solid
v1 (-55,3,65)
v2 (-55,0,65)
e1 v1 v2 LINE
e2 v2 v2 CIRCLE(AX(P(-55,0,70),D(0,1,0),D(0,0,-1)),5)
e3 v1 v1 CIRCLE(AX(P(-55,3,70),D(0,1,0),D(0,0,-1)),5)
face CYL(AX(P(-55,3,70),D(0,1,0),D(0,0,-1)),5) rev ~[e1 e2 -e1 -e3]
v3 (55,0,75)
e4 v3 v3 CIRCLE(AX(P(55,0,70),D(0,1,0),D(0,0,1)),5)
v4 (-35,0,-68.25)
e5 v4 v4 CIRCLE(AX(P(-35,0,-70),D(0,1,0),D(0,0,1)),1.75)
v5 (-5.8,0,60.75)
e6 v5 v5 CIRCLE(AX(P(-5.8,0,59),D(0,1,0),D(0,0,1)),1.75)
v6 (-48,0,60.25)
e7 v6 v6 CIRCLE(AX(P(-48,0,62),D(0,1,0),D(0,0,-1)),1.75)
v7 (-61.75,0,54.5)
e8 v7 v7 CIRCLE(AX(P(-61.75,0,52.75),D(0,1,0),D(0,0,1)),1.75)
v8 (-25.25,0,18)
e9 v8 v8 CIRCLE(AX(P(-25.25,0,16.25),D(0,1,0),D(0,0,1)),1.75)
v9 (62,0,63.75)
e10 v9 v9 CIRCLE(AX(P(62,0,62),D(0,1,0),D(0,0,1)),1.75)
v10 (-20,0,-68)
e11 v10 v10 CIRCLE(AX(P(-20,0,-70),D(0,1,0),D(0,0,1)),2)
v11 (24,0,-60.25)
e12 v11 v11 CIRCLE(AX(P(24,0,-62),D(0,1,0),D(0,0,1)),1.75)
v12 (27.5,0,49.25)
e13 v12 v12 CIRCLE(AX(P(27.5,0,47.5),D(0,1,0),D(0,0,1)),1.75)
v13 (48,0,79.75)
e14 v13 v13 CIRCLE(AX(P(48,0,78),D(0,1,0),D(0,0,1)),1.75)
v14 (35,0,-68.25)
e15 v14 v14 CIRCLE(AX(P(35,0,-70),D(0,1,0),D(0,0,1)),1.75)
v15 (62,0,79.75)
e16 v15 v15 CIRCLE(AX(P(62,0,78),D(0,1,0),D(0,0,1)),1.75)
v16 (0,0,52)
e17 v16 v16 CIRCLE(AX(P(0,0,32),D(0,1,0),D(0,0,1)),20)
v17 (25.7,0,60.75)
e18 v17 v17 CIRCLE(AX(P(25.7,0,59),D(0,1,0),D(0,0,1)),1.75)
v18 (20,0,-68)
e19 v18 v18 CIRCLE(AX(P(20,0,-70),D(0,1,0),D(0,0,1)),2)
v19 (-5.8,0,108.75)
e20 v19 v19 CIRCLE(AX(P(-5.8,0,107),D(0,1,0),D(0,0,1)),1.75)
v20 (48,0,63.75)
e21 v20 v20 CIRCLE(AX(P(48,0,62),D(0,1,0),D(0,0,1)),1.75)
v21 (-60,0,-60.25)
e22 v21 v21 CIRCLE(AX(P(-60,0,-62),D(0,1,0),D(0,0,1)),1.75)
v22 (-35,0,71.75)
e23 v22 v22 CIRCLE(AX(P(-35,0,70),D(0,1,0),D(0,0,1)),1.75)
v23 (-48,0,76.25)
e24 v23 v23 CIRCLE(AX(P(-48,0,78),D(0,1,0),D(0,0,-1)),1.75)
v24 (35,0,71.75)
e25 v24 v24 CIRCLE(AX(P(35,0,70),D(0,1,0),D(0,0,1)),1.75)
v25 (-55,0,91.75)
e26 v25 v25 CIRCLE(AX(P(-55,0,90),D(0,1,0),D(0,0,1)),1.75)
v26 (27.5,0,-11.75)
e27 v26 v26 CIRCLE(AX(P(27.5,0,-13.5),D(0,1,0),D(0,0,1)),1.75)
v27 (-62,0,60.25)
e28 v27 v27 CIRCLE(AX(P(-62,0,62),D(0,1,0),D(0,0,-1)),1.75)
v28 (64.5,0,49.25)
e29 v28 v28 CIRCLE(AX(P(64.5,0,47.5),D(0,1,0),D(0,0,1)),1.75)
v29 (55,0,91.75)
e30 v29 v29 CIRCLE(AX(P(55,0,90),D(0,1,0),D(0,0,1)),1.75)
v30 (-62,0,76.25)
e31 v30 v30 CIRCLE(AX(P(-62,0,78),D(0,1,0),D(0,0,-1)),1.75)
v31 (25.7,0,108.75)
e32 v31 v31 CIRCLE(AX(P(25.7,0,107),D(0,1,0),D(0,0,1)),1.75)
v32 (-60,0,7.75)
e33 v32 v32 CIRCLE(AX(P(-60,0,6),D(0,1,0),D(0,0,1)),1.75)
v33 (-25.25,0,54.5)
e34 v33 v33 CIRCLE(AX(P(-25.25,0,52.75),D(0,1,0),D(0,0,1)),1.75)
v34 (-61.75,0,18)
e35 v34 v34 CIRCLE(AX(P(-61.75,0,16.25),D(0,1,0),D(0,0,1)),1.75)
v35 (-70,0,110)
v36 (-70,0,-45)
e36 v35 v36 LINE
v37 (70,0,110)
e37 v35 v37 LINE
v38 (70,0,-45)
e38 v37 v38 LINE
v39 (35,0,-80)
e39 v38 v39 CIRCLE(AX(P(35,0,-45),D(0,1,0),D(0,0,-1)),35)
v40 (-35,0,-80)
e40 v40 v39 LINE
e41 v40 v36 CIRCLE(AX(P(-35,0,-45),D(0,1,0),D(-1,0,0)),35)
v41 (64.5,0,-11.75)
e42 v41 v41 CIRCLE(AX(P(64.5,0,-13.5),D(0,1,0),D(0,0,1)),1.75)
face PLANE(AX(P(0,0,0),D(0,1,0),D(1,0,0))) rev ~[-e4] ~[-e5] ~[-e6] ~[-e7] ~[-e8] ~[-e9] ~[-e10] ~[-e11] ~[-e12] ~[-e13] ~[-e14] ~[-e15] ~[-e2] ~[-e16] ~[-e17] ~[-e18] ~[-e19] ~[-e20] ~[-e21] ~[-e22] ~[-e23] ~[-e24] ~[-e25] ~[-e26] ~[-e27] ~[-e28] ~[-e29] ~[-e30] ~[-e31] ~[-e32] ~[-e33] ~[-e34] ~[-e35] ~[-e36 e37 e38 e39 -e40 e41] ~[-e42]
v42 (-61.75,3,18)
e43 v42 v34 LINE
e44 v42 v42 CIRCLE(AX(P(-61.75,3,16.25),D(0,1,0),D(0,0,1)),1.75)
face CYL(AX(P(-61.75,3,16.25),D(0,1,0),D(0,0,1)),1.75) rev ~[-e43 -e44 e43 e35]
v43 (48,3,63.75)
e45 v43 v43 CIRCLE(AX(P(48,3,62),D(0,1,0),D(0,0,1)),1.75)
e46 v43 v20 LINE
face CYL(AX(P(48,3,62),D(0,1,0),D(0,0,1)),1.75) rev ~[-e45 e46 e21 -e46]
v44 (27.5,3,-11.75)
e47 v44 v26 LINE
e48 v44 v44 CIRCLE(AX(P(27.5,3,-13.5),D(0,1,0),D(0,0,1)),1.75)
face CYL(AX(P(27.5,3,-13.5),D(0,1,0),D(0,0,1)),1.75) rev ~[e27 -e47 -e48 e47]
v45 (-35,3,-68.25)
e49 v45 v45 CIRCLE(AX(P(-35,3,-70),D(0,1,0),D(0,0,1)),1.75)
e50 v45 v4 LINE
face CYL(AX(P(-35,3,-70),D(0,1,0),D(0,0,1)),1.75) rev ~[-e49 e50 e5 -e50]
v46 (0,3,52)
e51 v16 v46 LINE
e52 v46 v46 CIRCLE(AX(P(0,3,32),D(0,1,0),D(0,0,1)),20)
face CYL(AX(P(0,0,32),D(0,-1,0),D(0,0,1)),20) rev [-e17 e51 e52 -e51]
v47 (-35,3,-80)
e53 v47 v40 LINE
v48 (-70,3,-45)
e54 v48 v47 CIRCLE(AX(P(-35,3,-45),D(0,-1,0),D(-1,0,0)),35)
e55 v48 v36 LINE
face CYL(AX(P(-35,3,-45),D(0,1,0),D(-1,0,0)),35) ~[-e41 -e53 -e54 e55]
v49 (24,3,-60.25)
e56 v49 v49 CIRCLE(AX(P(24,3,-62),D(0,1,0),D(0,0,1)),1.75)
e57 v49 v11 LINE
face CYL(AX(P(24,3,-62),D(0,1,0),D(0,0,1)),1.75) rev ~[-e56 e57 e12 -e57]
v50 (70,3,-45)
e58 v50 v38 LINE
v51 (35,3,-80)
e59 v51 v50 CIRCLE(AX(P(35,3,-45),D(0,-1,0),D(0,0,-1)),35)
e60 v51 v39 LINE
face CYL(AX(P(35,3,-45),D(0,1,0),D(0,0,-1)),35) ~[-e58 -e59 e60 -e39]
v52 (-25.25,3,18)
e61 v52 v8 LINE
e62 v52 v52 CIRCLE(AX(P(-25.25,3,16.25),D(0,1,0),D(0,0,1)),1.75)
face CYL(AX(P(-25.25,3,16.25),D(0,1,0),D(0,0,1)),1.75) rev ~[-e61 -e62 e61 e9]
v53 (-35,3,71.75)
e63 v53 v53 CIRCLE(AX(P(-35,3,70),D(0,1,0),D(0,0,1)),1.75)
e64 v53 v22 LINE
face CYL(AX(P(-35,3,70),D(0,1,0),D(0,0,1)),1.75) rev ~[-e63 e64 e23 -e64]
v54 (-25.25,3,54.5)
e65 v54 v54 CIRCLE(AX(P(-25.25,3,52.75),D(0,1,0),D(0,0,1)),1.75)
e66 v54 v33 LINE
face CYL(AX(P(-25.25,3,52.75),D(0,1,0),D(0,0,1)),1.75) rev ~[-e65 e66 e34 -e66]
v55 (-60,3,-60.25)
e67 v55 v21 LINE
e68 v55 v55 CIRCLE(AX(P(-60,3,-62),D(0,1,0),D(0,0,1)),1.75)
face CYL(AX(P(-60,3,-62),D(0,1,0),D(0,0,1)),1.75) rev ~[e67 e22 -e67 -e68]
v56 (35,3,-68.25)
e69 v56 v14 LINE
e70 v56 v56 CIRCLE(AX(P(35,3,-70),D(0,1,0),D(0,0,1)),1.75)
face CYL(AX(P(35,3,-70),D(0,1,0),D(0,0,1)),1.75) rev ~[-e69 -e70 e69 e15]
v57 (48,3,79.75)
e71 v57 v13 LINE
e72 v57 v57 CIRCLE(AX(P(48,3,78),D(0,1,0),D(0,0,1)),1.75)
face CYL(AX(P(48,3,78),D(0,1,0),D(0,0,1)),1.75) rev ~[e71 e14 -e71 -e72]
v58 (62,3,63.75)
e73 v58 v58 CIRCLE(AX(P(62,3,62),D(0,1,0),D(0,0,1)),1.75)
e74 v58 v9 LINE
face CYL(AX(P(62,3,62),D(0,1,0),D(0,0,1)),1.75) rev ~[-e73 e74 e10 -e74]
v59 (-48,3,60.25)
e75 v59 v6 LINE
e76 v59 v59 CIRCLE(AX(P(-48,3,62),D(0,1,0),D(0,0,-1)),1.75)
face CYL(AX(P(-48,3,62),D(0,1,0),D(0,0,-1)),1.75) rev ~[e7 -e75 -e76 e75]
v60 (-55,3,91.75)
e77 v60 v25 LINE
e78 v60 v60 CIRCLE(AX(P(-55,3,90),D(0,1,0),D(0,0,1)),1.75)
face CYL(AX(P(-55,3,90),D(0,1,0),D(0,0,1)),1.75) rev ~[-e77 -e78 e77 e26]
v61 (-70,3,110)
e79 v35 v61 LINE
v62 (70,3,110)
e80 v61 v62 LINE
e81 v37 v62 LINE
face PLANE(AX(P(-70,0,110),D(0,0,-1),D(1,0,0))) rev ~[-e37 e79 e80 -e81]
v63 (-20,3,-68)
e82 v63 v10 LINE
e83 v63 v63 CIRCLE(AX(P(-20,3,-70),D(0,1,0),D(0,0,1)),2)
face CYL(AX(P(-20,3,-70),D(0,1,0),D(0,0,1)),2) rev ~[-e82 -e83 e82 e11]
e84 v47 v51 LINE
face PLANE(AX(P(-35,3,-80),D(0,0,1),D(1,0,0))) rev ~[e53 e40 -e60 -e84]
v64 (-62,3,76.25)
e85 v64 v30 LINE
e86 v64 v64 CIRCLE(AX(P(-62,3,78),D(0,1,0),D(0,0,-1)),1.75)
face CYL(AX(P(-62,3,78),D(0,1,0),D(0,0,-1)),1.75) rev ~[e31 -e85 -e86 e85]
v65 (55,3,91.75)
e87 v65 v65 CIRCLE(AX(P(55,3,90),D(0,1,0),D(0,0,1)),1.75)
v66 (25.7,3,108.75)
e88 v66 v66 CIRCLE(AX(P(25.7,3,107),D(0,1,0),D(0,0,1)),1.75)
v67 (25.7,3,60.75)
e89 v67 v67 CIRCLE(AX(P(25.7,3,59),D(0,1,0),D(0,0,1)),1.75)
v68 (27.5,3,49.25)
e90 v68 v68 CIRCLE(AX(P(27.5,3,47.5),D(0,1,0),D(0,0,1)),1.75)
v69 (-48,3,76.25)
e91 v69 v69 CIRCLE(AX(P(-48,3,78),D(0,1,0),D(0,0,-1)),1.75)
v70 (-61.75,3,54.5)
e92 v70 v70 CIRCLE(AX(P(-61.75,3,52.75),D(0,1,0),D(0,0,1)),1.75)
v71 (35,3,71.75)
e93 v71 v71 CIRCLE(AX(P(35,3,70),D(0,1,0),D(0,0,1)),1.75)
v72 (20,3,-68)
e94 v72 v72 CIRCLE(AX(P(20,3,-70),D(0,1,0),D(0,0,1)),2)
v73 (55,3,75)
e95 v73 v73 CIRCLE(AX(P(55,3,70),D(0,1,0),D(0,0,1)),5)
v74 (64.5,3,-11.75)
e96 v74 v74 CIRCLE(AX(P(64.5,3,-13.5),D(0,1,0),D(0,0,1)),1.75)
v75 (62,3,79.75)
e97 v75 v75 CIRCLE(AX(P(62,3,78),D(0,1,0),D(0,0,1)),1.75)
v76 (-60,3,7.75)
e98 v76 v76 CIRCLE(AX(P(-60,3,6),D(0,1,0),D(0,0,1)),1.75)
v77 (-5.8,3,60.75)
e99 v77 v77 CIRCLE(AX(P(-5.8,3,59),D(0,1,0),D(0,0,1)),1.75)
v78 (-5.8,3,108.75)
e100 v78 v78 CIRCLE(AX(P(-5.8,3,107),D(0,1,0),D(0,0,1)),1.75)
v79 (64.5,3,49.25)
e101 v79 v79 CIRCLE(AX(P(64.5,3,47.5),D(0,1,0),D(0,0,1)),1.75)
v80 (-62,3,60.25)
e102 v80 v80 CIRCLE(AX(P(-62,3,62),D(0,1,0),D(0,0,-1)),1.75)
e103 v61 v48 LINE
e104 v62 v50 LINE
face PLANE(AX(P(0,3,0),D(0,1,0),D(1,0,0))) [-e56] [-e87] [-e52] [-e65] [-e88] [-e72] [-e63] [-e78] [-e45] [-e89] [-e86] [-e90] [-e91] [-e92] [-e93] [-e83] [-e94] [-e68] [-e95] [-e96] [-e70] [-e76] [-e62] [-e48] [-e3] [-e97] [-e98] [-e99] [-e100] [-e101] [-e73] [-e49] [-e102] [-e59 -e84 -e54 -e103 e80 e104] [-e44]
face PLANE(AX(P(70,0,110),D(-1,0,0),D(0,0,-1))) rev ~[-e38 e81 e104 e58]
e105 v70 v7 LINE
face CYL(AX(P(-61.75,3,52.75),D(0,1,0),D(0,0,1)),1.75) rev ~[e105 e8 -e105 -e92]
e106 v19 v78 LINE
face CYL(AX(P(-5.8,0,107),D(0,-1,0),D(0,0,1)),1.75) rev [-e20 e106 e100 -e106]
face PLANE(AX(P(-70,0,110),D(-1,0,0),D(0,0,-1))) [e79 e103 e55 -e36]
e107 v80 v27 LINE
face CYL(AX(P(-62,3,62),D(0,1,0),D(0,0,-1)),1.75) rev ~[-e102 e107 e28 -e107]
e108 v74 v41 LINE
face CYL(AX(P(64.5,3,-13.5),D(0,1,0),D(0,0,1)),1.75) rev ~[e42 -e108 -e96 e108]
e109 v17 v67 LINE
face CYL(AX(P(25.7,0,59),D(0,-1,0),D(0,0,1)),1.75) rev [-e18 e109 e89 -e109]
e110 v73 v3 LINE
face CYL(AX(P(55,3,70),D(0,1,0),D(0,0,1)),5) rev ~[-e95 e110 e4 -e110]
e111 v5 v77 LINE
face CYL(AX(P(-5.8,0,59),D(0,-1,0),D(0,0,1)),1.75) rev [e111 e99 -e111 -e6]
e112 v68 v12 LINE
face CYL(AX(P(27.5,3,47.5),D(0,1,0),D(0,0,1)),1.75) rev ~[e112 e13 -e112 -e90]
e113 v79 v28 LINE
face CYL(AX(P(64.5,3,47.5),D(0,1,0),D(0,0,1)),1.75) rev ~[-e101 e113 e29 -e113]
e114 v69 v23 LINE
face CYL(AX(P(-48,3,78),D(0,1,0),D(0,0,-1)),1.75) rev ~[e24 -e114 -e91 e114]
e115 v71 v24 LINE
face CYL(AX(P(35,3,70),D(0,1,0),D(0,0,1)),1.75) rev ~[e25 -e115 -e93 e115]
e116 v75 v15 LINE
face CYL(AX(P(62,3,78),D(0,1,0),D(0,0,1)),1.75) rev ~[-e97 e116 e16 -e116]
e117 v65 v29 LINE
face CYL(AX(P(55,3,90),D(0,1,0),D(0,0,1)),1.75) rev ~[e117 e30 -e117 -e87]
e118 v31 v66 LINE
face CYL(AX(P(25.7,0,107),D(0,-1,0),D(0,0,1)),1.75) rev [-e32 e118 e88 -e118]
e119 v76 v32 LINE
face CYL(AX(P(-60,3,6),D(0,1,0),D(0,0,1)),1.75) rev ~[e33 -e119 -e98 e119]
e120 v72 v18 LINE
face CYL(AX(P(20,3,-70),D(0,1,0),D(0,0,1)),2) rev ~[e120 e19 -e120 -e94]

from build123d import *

# Parameters (mm, degrees)
SKETCH_1_W          = 140
SKETCH_1_H          = 220
SKETCH_1_R          = 1.75
SKETCH_1_R_2        = 20
EXTRUDE_1_DEPTH     = 3
SKETCH_2_R          = 1.75
SKETCH_2_R_2        = 2
SKETCH_2_R_3        = 5
CUT_EXTRUDE_1_DEPTH = 131.418556962
SKETCH_3_R          = 1.75
CUT_EXTRUDE_2_DEPTH = 131.418556962
CUT_EXTRUDE_3_DEPTH = 131.418556962


with BuildPart() as part:
    # 草图1 → 凸台-拉伸1 (new body)
    with BuildSketch(Plane(origin=(0, 0, 0), x_dir=(1, 0, 0), z_dir=(0, 1, 0))):
        Rectangle(SKETCH_1_W, SKETCH_1_H)
        with Locations(Location((-5.8, -59, 0), (0, 0, 270))):
            Circle(SKETCH_1_R, mode=Mode.SUBTRACT)
        with Locations(Location((25.7, -59, 0), (0, 0, 270))):
            Circle(SKETCH_1_R, mode=Mode.SUBTRACT)
        with Locations(Location((-5.8, -107, 0), (0, 0, 270))):
            Circle(SKETCH_1_R, mode=Mode.SUBTRACT)
        with Locations(Location((25.7, -107, 0), (0, 0, 270))):
            Circle(SKETCH_1_R, mode=Mode.SUBTRACT)
        with Locations(Location((0, -32, 0), (0, 0, 270))):
            Circle(SKETCH_1_R_2, mode=Mode.SUBTRACT)
    extrude(amount=EXTRUDE_1_DEPTH)

    # 草图2 → 切除-拉伸1 (cut, through all)
    with BuildSketch(Plane(origin=(0, 3, 0), x_dir=(1, 0, 0), z_dir=(0, 1, 0))):
        with Locations(Location((48, -62, 0), (0, 0, 270))):
            Circle(SKETCH_2_R)
        with Locations(Location((62, -62, 0), (0, 0, 270))):
            Circle(SKETCH_2_R)
        with Locations(Location((62, -78, 0), (0, 0, 270))):
            Circle(SKETCH_2_R)
        with Locations(Location((48, -78, 0), (0, 0, 270))):
            Circle(SKETCH_2_R)
        with Locations(Location((-62, -78, 0), (0, 0, 90))):
            Circle(SKETCH_2_R)
        with Locations(Location((-48, -78, 0), (0, 0, 90))):
            Circle(SKETCH_2_R)
        with Locations(Location((-62, -62, 0), (0, 0, 90))):
            Circle(SKETCH_2_R)
        with Locations(Location((-48, -62, 0), (0, 0, 90))):
            Circle(SKETCH_2_R)
        with Locations(Location((-35, 70, 0), (0, 0, 270))):
            Circle(SKETCH_2_R)
        with Locations(Location((-35, -70, 0), (0, 0, 270))):
            Circle(SKETCH_2_R)
        with Locations(Location((35, -70, 0), (0, 0, 270))):
            Circle(SKETCH_2_R)
        with Locations(Location((35, 70, 0), (0, 0, 270))):
            Circle(SKETCH_2_R)
        with Locations(Location((-20, 70, 0), (0, 0, 270))):
            Circle(SKETCH_2_R_2)
        with Locations(Location((20, 70, 0), (0, 0, 270))):
            Circle(SKETCH_2_R_2)
        with Locations(Location((55, -70, 0), (0, 0, 270))):
            Circle(SKETCH_2_R_3)
        with Locations(Location((-55, -70, 0), (0, 0, 90))):
            Circle(SKETCH_2_R_3)
    extrude(amount=-CUT_EXTRUDE_1_DEPTH, mode=Mode.SUBTRACT)

    # 草图3 → 切除-拉伸2 (cut, through all)
    with BuildSketch(Plane(origin=(0, 3, 0), x_dir=(1, 0, 0), z_dir=(0, 1, 0))):
        with Locations(Location((55, -90, 0), (0, 0, 270))):
            Circle(SKETCH_3_R)
        with Locations(Location((-55, -90, 0), (0, 0, 270))):
            Circle(SKETCH_3_R)
        with Locations(Location((64.5, -47.5, 0), (0, 0, 270))):
            Circle(SKETCH_3_R)
        with Locations(Location((27.5, -47.5, 0), (0, 0, 270))):
            Circle(SKETCH_3_R)
        with Locations(Location((64.5, 13.5, 0), (0, 0, 270))):
            Circle(SKETCH_3_R)
        with Locations(Location((27.5, 13.5, 0), (0, 0, 270))):
            Circle(SKETCH_3_R)
        with Locations(Location((-25.25, -52.75, 0), (0, 0, 270))):
            Circle(SKETCH_3_R)
        with Locations(Location((-61.75, -16.25, 0), (0, 0, 270))):
            Circle(SKETCH_3_R)
        with Locations(Location((-25.25, -16.25, 0), (0, 0, 270))):
            Circle(SKETCH_3_R)
        with Locations(Location((-60, -6, 0), (0, 0, 270))):
            Circle(SKETCH_3_R)
        with Locations(Location((24, 62, 0), (0, 0, 270))):
            Circle(SKETCH_3_R)
        with Locations(Location((-60, 62, 0), (0, 0, 270))):
            Circle(SKETCH_3_R)
        with Locations(Location((-61.75, -52.75, 0), (0, 0, 270))):
            Circle(SKETCH_3_R)
    extrude(amount=-CUT_EXTRUDE_2_DEPTH, mode=Mode.SUBTRACT)

    # 草图5 → 切除-拉伸3 (cut, through all)
    with BuildSketch(Plane(origin=(0, 3, 0), x_dir=(1, 0, 0), z_dir=(0, 1, 0))):
        with BuildLine():
            Line((-35, 80), (35, 80))
            ThreePointArc((35, 80), (59.748737342, 69.748737342), (70, 45))
            Line((70, 45), (70, 110))
            Line((70, 110), (-70, 110))
            Line((-70, 110), (-70, 45))
            ThreePointArc((-70, 45), (-59.748737342, 69.748737342), (-35, 80))
        make_face()
    extrude(amount=-CUT_EXTRUDE_3_DEPTH, mode=Mode.SUBTRACT)


solid = part.part
